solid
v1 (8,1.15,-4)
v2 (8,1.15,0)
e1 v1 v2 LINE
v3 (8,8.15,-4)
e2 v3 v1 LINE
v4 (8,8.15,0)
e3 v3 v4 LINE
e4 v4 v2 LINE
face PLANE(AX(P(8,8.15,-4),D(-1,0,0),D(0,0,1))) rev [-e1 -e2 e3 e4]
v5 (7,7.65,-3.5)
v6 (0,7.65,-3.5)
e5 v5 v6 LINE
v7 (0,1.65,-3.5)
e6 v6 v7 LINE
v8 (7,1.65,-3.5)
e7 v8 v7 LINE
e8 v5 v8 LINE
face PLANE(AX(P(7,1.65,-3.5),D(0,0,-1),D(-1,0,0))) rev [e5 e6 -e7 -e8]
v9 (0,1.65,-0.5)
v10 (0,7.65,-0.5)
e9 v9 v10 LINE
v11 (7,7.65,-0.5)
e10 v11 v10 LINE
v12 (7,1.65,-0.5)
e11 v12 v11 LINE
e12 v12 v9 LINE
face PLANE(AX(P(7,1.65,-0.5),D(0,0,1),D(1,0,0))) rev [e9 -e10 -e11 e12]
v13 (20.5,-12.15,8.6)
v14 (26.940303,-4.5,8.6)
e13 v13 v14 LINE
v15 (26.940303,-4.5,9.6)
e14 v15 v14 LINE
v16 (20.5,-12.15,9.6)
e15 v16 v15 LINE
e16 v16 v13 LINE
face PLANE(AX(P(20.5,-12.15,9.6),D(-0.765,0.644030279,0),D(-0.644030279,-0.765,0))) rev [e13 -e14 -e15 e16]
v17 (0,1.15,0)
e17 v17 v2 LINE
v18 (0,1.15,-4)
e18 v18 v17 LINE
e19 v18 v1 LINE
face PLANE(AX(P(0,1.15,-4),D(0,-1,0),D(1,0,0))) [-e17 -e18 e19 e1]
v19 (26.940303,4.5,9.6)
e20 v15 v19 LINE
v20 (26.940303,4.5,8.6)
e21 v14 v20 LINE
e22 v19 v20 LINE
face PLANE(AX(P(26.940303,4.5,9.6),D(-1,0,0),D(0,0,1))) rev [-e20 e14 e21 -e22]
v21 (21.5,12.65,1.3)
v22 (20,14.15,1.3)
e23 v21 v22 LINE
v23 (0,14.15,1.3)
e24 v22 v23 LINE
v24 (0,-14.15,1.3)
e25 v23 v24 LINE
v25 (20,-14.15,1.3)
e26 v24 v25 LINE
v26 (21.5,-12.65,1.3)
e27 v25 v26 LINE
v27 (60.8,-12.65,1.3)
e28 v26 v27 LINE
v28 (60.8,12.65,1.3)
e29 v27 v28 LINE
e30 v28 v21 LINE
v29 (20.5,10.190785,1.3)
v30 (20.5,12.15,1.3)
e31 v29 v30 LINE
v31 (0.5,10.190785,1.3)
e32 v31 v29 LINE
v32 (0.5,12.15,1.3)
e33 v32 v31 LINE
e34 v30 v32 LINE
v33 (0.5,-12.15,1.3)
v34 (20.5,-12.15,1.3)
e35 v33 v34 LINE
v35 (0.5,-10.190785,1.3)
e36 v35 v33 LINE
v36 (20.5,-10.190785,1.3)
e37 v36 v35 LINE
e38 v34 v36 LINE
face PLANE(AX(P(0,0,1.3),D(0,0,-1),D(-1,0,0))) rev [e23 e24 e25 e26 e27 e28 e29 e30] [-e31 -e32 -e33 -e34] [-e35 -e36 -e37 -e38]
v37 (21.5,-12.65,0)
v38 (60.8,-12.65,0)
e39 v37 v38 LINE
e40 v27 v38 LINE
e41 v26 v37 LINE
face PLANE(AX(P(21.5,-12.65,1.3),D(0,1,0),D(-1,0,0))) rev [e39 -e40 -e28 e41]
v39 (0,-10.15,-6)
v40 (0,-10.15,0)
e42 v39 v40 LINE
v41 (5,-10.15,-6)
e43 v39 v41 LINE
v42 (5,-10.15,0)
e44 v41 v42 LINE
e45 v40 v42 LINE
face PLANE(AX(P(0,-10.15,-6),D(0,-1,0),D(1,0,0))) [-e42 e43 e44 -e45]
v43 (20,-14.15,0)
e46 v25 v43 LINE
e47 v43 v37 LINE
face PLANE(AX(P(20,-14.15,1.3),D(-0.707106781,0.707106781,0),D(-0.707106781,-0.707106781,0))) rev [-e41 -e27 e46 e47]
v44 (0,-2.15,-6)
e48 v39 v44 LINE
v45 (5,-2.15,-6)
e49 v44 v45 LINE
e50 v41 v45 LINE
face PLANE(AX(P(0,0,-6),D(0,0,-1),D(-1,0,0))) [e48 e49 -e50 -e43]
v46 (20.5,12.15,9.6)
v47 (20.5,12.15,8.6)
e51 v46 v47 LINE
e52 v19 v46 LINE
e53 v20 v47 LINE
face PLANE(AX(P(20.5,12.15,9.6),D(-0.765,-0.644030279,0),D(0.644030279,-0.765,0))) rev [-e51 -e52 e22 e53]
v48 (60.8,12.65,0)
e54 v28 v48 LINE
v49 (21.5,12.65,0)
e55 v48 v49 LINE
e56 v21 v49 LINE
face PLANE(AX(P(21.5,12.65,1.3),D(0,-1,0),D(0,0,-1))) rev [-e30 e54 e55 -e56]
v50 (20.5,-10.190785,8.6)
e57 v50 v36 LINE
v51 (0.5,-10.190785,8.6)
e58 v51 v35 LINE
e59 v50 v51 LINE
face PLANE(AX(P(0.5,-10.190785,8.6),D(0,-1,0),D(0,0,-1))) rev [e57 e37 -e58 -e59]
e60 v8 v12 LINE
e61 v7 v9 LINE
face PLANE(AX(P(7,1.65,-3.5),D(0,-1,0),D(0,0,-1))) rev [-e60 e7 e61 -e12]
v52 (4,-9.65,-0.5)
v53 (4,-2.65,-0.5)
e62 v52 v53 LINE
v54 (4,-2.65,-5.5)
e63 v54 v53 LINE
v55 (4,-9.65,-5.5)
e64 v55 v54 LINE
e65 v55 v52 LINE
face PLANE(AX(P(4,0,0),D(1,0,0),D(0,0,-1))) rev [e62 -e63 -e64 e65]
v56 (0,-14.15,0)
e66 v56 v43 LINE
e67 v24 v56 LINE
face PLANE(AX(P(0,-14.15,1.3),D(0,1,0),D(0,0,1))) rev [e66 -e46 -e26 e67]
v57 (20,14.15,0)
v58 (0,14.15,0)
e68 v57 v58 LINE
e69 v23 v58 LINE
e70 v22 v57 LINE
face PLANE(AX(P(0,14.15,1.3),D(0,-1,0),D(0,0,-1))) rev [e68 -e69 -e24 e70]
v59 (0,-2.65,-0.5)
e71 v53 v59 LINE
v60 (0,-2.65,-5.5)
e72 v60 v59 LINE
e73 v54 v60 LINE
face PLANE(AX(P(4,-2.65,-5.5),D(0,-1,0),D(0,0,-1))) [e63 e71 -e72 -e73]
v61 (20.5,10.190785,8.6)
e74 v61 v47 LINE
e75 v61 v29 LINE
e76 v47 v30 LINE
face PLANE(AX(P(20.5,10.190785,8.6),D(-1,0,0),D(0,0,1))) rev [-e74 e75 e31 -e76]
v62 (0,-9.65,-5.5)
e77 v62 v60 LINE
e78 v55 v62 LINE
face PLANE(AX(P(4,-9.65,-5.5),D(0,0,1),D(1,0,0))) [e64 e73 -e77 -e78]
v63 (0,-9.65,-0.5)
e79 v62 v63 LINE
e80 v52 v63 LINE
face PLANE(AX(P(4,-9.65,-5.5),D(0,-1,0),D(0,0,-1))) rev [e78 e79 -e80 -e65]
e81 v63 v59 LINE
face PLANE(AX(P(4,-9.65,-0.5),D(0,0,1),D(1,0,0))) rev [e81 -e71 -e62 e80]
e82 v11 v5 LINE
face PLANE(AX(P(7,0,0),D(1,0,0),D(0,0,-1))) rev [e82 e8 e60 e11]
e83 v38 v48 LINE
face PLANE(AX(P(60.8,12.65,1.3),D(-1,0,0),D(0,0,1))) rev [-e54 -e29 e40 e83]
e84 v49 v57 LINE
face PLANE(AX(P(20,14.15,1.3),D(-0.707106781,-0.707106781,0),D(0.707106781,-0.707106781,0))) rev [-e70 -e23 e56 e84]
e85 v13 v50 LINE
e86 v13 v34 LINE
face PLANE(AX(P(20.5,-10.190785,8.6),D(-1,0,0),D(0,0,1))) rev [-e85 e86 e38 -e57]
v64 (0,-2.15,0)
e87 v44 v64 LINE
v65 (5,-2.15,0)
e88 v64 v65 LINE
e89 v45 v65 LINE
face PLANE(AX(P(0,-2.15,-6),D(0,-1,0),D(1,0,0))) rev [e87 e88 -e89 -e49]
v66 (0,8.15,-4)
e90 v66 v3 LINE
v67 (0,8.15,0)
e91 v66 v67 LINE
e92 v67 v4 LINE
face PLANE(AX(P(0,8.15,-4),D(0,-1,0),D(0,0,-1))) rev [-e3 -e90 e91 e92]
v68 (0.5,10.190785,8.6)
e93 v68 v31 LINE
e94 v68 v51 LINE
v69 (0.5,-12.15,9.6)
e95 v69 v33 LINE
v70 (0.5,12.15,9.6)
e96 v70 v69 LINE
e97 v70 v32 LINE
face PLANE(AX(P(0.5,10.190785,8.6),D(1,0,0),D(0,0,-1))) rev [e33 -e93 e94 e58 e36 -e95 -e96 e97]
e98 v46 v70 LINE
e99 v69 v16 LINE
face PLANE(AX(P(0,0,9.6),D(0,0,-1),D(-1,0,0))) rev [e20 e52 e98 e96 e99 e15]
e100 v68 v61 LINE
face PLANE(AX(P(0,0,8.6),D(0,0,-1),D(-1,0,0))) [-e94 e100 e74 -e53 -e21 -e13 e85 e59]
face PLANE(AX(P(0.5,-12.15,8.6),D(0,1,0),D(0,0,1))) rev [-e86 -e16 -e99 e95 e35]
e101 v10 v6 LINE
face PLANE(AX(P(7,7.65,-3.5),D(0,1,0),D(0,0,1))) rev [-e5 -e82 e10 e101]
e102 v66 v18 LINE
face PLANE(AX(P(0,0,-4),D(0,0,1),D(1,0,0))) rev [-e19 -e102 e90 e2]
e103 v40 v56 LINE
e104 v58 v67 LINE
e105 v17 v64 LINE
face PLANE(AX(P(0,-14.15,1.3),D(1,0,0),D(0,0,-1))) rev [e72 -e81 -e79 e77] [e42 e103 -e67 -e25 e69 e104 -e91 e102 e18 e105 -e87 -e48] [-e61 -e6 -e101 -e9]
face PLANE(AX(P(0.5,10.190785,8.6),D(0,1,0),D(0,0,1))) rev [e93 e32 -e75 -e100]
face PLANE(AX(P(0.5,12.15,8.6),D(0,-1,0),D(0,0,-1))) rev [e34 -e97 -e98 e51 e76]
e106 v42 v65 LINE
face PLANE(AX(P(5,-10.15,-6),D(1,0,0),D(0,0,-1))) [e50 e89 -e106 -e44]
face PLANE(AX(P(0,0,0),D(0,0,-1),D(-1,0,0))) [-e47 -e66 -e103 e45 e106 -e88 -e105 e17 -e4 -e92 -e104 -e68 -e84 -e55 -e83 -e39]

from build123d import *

# Parameters (mm, degrees)
BOSS_EXTRU_1_DEPTH      = 1.3
ESQUISSE2_W             = 8
ESQUISSE2_H             = 7
BOSS_EXTRU_3_DEPTH      = 4
ESQUISSE5_W             = 5
ESQUISSE5_H             = 8
BOSS_EXTRU_4_DEPTH      = 6
ESQUISSE6_W             = 3
ESQUISSE6_H             = 6
ENL_V_MAT_EXTRU_1_DEPTH = 7
ESQUISSE7_W             = 5
ESQUISSE7_H             = 7
ENL_V_MAT_EXTRU_2_DEPTH = 4
ESQUISSE8_W             = 20
ESQUISSE8_H             = 1.959214555
BOSS_EXTRU_5_DEPTH      = 7.3
BOSS_EXTRU_6_DEPTH      = 1


with BuildPart() as part:
    # Esquisse1 → Boss.-Extru.1 (new body)
    with BuildSketch(Plane.XY):
        Polygon((0, -14.15), (0, 14.15), (20, 14.15), (21.5, 12.65), (60.8, 12.65), (60.8, -12.65), (21.5, -12.65), (20, -14.15), align=None)
    extrude(amount=BOSS_EXTRU_1_DEPTH)

    # Esquisse2 → Boss.-Extru.3 (add)
    with BuildSketch(Plane(origin=(0, 0, 0), x_dir=(-1, 0, 0), z_dir=(0, 0, -1))):
        with Locations((-4, 4.65)):
            Rectangle(ESQUISSE2_W, ESQUISSE2_H)
    extrude(amount=BOSS_EXTRU_3_DEPTH)

    # Esquisse5 → Boss.-Extru.4 (add)
    with BuildSketch(Plane(origin=(0, 0, 0), x_dir=(-1, 0, 0), z_dir=(0, 0, -1))):
        with Locations((-2.5, -6.15)):
            Rectangle(ESQUISSE5_W, ESQUISSE5_H)
    extrude(amount=BOSS_EXTRU_4_DEPTH)

    # Esquisse6 → Enlèv. mat.-Extru.1 (cut)
    with BuildSketch(Plane.ZY):
        with Locations((-2, 4.65)):
            Rectangle(ESQUISSE6_W, ESQUISSE6_H)
    extrude(amount=-ENL_V_MAT_EXTRU_1_DEPTH, mode=Mode.SUBTRACT)

    # Esquisse7 → Enlèv. mat.-Extru.2 (cut)
    with BuildSketch(Plane.ZY):
        with Locations((-3, -6.15)):
            Rectangle(ESQUISSE7_W, ESQUISSE7_H)
    extrude(amount=-ENL_V_MAT_EXTRU_2_DEPTH, mode=Mode.SUBTRACT)

    # Esquisse8 → Boss.-Extru.5 (add)
    with BuildSketch(Plane.XY.offset(1.3)):
        with Locations((10.5, 11.170392723)):
            Rectangle(ESQUISSE8_W, ESQUISSE8_H)
        with Locations((10.5, -11.170392723)):
            Rectangle(ESQUISSE8_W, ESQUISSE8_H)
    extrude(amount=BOSS_EXTRU_5_DEPTH)

    # Esquisse10 → Boss.-Extru.6 (add)
    with BuildSketch(Plane.XY.offset(8.6)):
        Polygon((0.5, 12.15), (0.5, -12.15), (20.5, -12.15), (26.940302788, -4.5), (26.940302788, 4.5), (20.5, 12.15), align=None)
    extrude(amount=BOSS_EXTRU_6_DEPTH)


solid = part.part
